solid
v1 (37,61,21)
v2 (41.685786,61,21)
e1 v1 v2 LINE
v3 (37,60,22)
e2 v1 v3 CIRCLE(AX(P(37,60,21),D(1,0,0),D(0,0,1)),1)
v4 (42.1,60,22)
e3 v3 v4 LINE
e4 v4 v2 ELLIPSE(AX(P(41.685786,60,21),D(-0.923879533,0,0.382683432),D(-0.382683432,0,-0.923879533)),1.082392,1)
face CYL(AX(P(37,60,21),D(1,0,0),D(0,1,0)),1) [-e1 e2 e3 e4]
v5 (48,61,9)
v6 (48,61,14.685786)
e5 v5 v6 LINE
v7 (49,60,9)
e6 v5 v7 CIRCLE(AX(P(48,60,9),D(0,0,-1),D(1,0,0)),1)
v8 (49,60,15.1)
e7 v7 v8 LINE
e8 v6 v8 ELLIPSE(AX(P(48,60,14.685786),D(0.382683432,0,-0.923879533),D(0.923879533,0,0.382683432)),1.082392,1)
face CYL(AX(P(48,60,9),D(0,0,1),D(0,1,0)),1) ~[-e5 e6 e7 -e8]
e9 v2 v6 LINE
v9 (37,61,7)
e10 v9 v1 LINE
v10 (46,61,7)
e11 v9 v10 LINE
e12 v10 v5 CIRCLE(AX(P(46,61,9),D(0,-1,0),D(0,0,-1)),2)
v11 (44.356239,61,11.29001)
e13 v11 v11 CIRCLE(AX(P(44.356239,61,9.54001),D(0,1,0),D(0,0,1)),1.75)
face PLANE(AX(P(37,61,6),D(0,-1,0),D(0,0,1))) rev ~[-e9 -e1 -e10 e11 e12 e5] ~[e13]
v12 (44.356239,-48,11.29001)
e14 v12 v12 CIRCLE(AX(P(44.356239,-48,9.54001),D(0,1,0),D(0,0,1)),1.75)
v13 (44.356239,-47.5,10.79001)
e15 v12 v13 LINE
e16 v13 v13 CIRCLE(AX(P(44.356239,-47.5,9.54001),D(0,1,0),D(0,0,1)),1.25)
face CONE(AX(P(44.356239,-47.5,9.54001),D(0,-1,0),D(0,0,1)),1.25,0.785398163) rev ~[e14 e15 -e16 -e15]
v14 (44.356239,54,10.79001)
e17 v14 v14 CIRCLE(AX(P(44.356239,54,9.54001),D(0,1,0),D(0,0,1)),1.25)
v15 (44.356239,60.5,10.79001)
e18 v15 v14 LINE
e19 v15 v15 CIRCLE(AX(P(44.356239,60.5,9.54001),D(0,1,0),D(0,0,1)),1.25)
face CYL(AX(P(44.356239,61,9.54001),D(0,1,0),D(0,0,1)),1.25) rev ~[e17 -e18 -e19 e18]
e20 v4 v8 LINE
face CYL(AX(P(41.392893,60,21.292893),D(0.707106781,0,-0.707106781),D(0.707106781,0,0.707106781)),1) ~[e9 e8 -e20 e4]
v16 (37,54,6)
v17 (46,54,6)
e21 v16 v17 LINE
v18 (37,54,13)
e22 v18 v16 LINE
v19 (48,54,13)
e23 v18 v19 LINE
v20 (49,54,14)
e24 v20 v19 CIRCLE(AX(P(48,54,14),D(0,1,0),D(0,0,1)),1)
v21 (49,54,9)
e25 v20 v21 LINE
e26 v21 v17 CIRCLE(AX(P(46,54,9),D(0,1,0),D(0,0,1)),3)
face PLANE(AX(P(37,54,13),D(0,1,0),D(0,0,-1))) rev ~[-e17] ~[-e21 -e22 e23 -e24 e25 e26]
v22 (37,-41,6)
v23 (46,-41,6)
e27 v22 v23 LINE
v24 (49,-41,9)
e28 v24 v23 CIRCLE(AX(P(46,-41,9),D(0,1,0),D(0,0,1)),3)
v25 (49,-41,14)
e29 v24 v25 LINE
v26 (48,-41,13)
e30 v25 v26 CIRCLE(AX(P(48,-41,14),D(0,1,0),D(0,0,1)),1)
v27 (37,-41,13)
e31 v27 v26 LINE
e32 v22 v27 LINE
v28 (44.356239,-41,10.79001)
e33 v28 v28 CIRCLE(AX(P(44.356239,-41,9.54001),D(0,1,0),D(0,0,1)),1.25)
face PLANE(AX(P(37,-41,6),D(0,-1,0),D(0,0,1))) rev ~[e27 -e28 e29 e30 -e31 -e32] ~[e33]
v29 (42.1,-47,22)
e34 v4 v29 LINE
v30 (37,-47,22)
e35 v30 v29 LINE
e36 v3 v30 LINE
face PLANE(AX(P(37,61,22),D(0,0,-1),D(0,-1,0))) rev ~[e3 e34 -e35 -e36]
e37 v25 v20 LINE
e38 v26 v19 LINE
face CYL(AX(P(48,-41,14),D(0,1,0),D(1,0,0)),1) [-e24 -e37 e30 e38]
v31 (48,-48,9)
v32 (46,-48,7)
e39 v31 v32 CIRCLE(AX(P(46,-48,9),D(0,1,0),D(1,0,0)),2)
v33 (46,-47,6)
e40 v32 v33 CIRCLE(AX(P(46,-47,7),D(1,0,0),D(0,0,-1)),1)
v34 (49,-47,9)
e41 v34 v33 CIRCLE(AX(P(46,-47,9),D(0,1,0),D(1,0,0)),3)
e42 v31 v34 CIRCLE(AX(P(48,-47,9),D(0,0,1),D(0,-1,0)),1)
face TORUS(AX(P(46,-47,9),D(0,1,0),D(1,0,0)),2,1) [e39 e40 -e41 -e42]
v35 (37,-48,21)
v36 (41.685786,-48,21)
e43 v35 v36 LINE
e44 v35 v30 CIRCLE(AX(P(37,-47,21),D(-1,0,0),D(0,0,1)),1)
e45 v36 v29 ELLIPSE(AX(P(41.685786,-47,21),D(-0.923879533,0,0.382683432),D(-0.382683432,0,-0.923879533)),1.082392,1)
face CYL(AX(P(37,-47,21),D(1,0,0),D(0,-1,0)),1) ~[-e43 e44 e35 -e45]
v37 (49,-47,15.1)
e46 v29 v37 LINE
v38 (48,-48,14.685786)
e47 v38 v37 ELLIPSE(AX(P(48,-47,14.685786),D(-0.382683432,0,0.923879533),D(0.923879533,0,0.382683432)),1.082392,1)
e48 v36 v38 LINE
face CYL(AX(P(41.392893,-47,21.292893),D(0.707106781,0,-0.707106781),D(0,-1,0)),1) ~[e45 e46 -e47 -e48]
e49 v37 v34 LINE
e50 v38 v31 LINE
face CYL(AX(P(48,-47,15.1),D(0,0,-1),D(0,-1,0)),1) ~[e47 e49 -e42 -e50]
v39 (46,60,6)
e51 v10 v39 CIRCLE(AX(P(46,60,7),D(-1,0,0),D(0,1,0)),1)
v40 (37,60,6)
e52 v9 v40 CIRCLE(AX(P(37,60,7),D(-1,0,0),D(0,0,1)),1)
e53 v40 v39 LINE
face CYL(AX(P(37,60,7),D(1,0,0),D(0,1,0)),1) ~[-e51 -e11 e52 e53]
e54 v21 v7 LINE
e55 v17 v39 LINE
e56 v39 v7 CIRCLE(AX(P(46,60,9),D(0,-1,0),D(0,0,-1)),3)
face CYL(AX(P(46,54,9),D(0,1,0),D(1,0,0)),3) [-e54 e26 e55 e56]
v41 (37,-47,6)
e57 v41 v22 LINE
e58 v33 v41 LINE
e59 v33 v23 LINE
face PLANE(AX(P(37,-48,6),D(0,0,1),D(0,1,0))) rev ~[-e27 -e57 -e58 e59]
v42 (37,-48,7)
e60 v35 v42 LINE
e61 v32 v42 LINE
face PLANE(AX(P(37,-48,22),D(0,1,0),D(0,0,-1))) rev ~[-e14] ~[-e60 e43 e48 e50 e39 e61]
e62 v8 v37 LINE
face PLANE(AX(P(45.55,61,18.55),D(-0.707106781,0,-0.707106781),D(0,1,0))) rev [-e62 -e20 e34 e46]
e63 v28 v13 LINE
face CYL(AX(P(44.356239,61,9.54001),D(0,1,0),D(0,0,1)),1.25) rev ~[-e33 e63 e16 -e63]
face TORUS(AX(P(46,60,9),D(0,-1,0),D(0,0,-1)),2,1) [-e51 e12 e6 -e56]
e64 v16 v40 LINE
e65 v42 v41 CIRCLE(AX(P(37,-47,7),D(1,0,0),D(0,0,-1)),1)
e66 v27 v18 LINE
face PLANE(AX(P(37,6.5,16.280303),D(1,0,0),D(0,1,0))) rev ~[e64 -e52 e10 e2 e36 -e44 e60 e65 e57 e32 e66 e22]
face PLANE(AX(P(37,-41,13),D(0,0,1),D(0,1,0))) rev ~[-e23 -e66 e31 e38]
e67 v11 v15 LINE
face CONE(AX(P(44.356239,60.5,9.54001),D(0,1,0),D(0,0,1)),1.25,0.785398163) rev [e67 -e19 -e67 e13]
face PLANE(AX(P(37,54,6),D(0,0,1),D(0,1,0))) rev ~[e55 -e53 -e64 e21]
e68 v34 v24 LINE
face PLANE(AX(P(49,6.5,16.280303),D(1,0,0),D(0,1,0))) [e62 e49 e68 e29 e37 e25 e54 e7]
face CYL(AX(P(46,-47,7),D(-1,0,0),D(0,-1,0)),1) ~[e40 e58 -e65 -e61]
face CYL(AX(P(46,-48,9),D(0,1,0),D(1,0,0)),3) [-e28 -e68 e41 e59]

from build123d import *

# Parameters (mm, degrees)
PAD012_DEPTH    = 12
CHAMFER011_SIZE = 6.9
FILLET025_R     = 1
FILLET024_R     = 3
FILLET026_R     = 1
SKETCH050_R     = 1.25
POCKET019_DEPTH = 109.001
CHAMFER012_SIZE = 0.5
FILLET030_R     = 1


with BuildPart() as part:
    # Sketch049 → Pad012 (new body)
    with BuildSketch(Plane.YZ.offset(37)):
        Polygon((-48, 6), (-41, 6), (-41, 13), (54, 13), (54, 6), (61, 6), (61, 22), (-48, 22), align=None)
    extrude(amount=PAD012_DEPTH)

    # Chamfer011
    chamfer011_edges = [part.edges().sort_by_distance(p)[0] for p in [
        (49, 6.5, 22),
    ]]
    chamfer(chamfer011_edges, length=CHAMFER011_SIZE)

    # Fillet025
    fillet025_edges = [part.edges().sort_by_distance(p)[0] for p in [
        (49, 6.5, 13),
    ]]
    fillet(fillet025_edges, radius=FILLET025_R)

    # Fillet024
    fillet024_edges = [part.edges().sort_by_distance(p)[0] for p in [
        (49, 57.5, 6),
        (49, -44.5, 6),
    ]]
    fillet(fillet024_edges, radius=FILLET024_R)

    # Fillet026
    fillet026_edges = [part.edges().sort_by_distance(p)[0] for p in [
        (41.5, 61, 6),
        (48.12132, 61, 6.87868),
        (49, 61, 12.05),
        (45.55, 61, 18.55),
        (39.55, 61, 22),
    ]]
    fillet(fillet026_edges, radius=FILLET026_R)

    # Sketch050 (on Face12 of Fillet026) → Pocket019 (cut, through all)
    with BuildSketch(Plane.ZX.offset(61)):
        with Locations((9.54001, 44.356239)):
            Circle(SKETCH050_R)
    extrude(amount=-POCKET019_DEPTH, mode=Mode.SUBTRACT)

    # Chamfer012
    chamfer012_edges = [part.edges().sort_by_distance(p)[0] for p in [
        (44.356239, 61, 8.29001),
        (44.356239, -48, 8.29001),
    ]]
    chamfer(chamfer012_edges, length=CHAMFER012_SIZE)

    # Fillet030
    fillet030_edges = [part.edges().sort_by_distance(p)[0] for p in [
        (45.55, -48, 18.55),
        (39.55, -48, 22),
        (49, -48, 12.05),
        (48.12132, -48, 6.87868),
        (41.5, -48, 6),
    ]]
    fillet(fillet030_edges, radius=FILLET030_R)


solid = part.part
